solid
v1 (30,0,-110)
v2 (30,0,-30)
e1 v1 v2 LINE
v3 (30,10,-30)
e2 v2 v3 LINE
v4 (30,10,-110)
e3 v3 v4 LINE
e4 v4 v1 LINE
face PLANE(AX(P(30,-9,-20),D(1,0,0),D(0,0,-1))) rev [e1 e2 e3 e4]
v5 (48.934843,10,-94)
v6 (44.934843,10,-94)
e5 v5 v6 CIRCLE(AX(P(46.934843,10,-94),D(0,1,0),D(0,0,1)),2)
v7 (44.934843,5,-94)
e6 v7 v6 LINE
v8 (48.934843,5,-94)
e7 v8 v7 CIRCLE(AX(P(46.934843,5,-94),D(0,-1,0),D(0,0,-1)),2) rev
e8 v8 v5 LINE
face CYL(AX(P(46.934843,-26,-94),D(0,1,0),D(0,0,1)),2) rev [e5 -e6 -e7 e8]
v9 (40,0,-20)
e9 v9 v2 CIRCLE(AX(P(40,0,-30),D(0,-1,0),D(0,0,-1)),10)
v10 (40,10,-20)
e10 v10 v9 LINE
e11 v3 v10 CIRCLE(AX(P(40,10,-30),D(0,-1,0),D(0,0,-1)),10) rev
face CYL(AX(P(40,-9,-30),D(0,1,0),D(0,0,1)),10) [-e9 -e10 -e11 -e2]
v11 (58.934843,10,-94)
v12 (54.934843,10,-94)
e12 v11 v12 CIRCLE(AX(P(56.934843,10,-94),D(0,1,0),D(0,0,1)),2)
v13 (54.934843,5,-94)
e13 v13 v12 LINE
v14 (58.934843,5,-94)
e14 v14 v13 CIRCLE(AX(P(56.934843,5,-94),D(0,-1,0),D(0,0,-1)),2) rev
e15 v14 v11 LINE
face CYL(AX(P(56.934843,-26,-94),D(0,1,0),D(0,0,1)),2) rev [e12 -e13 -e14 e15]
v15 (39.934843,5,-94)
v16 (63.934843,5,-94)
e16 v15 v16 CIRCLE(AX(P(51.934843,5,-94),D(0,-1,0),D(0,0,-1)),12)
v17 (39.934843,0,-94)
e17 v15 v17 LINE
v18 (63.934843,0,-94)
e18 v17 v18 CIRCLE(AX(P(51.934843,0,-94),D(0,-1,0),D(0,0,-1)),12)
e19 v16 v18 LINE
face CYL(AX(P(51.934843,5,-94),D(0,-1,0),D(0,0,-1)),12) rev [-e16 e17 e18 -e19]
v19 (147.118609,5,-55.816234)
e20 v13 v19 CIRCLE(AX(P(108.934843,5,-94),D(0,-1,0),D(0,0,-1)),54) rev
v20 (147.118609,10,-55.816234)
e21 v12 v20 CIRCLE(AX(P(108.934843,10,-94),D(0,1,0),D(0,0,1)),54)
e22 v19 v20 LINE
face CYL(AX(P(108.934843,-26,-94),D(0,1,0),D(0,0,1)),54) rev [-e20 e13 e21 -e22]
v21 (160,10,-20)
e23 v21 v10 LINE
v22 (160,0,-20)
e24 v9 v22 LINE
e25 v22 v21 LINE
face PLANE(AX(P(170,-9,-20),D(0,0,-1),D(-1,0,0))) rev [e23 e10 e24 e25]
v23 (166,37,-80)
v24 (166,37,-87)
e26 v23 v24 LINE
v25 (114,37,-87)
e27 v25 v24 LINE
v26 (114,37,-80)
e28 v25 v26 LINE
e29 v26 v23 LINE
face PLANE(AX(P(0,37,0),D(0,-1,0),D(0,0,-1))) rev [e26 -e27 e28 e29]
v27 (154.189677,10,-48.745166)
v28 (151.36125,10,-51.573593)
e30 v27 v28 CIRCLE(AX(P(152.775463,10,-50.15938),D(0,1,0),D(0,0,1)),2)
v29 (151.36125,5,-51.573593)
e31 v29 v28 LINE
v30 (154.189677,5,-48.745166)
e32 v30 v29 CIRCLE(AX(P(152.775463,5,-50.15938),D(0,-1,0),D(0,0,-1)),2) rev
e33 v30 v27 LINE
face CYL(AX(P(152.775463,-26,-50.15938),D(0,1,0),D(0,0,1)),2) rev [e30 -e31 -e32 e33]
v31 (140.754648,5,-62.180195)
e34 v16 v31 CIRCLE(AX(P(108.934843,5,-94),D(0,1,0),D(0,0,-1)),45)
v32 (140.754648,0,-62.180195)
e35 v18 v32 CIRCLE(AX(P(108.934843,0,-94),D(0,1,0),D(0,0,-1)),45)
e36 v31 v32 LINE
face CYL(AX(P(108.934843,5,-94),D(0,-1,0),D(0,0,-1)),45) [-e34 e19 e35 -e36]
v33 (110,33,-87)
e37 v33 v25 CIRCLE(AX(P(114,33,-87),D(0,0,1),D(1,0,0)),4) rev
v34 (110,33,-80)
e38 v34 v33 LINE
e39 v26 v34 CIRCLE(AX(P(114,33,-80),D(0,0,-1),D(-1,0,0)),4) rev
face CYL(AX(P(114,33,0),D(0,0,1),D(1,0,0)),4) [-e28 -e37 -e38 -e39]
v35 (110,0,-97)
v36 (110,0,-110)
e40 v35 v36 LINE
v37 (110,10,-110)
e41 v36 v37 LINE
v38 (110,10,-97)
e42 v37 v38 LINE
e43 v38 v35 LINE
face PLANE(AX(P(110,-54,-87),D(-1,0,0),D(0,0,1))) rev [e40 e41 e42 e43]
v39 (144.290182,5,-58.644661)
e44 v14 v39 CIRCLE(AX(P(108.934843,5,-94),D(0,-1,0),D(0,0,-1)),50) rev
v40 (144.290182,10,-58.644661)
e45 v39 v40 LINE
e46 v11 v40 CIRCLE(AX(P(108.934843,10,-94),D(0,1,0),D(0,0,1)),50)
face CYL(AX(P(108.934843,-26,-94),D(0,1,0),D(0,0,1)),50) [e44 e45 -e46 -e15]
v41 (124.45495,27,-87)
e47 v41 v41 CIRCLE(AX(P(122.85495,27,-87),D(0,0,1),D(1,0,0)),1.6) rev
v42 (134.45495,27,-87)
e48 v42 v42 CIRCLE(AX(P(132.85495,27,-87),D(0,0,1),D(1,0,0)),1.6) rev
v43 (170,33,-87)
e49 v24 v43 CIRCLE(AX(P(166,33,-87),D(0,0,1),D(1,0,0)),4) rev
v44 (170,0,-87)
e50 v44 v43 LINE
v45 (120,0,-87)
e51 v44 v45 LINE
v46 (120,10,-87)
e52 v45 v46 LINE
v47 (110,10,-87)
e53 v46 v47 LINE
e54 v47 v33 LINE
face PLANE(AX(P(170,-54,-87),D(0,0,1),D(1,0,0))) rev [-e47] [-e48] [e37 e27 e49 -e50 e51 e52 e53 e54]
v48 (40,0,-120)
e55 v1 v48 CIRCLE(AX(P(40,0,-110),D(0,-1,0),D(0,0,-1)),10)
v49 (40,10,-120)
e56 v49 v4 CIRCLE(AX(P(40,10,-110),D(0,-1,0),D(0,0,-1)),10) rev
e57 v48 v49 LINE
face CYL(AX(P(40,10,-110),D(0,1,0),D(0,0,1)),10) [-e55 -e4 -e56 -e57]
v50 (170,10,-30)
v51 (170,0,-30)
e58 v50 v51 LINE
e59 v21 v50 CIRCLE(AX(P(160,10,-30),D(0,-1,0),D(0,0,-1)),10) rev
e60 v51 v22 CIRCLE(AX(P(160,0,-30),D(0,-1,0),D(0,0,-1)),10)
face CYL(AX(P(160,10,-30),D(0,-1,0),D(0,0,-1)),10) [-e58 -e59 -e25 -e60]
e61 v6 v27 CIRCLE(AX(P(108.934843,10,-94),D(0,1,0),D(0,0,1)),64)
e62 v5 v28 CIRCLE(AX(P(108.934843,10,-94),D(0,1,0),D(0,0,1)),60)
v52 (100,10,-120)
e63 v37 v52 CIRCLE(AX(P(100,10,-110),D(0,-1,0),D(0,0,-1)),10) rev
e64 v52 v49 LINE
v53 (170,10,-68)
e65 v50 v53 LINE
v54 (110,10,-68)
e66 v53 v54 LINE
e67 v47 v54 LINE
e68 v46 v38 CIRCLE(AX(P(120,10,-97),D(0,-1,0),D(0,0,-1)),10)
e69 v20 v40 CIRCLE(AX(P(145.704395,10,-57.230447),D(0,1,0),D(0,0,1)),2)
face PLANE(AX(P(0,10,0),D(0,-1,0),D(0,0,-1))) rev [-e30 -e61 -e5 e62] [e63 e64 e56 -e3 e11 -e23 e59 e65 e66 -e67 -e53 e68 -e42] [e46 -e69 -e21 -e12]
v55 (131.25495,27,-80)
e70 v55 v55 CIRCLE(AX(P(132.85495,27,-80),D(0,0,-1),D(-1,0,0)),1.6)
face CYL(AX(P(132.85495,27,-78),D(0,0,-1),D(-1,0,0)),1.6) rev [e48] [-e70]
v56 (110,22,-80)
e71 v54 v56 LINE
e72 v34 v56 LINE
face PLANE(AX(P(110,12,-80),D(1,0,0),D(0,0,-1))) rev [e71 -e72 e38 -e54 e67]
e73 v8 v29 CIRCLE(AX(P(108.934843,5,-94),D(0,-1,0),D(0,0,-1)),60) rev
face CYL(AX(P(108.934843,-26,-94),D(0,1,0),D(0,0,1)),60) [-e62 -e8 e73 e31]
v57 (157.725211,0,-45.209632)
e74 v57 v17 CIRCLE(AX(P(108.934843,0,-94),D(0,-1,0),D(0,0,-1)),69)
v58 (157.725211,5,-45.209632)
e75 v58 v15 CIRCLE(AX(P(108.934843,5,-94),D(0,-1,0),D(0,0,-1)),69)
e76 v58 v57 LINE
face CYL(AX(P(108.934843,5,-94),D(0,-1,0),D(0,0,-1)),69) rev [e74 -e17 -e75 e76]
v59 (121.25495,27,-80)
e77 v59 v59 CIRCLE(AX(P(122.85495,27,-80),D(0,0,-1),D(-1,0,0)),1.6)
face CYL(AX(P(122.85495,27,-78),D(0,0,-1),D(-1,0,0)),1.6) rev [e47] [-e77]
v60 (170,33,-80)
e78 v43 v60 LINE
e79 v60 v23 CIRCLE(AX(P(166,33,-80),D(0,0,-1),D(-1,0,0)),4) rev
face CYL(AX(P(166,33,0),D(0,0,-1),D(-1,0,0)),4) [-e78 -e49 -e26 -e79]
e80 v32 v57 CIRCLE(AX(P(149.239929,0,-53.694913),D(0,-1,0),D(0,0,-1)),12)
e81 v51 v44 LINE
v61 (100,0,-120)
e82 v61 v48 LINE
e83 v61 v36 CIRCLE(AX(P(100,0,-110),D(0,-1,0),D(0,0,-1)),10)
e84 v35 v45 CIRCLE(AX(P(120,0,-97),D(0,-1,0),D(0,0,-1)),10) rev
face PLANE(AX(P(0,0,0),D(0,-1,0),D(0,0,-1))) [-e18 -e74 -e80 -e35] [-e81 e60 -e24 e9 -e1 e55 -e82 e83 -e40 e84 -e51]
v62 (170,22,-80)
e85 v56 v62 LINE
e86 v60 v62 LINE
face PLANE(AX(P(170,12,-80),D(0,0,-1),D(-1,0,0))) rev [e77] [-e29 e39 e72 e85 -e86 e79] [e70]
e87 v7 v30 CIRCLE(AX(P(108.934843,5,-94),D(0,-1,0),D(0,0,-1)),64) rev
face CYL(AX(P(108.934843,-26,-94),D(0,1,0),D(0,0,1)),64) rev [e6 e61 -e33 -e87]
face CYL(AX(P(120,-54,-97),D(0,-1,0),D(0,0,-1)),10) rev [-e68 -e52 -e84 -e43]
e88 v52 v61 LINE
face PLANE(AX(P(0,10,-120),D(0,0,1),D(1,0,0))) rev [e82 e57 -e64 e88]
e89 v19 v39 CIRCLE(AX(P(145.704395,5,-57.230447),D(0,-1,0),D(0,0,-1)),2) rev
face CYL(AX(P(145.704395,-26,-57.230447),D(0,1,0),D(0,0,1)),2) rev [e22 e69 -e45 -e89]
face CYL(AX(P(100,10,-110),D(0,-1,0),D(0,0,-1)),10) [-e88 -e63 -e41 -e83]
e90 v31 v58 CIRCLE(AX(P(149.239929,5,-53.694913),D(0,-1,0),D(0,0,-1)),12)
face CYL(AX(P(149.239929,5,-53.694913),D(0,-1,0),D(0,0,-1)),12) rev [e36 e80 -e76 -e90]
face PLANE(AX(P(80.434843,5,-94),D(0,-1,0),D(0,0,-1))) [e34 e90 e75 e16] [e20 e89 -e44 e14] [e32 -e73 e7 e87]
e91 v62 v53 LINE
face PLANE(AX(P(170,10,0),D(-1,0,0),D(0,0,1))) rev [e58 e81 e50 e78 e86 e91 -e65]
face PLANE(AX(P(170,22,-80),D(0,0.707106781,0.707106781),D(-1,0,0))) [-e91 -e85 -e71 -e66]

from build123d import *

# Parameters (mm, degrees)
SKETCH1_W           = 170
SKETCH1_H           = 120
BOSS_EXTRUDE1_DEPTH = 10
SKETCH2_W           = 60
SKETCH2_H           = 40
BOSS_EXTRUDE2_DEPTH = 2
SKETCH3_W           = 60
SKETCH3_H           = 8
BOSS_EXTRUDE3_DEPTH = 25
SKETCH4_R           = 1.6
CUT_EXTRUDE1_DEPTH  = 10
CUT_EXTRUDE2_DEPTH  = 36
CHAMFER1_SIZE       = 12
FILLET4_R           = 4
CHAMFER2_SIZE       = 3
CUT_EXTRUDE4_DEPTH  = 5
CUT_EXTRUDE5_DEPTH  = 19
FILLET5_R           = 10
CUT_EXTRUDE6_DEPTH  = 91
FILLET6_R           = 10


with BuildPart() as part:
    # Sketch1 → Boss-Extrude1 (new body)
    with BuildSketch(Plane(origin=(0, 0, 0), x_dir=(1, 0, 0), z_dir=(0, 1, 0))):
        with Locations((85, 60)):
            Rectangle(SKETCH1_W, SKETCH1_H)
    extrude(amount=BOSS_EXTRUDE1_DEPTH)

    # Sketch2 → Boss-Extrude2 (add)
    with BuildSketch(Plane(origin=(0, 10, 0), x_dir=(1, 0, 0), z_dir=(0, 1, 0))):
        with Locations((140, 100)):
            Rectangle(SKETCH2_W, SKETCH2_H)
    extrude(amount=BOSS_EXTRUDE2_DEPTH)

    # Sketch3 → Boss-Extrude3 (add)
    with BuildSketch(Plane(origin=(0, 12, 0), x_dir=(1, 0, 0), z_dir=(0, 1, 0))):
        with Locations((140, 84)):
            Rectangle(SKETCH3_W, SKETCH3_H)
    extrude(amount=BOSS_EXTRUDE3_DEPTH)

    # Sketch4 → Cut-Extrude1 (cut)
    with BuildSketch(Plane(origin=(0, 0, -88), x_dir=(-1, 0, 0), z_dir=(0, 0, -1))):
        with Locations((-132.854949503, 27)):
            Circle(SKETCH4_R)
        with Locations((-122.854949503, 27)):
            Circle(SKETCH4_R)
    extrude(amount=-CUT_EXTRUDE1_DEPTH, mode=Mode.SUBTRACT)

    # Sketch5 → Cut-Extrude2 (cut)
    with BuildSketch(Plane(origin=(0, 10, 0), x_dir=(1, 0, 0), z_dir=(0, 1, 0))):
        with BuildLine():
            ThreePointArc((44.934842869, 94), (84.443103198, 34.871709919), (154.189676865, 48.745166004))
            ThreePointArc((154.189676865, 48.745166004), (154.189676865, 51.573593129), (151.361249741, 51.573593129))
            ThreePointArc((151.361249741, 51.573593129), (85.973836928, 38.567228049), (48.934842869, 94))
            ThreePointArc((48.934842869, 94), (46.934842869, 96), (44.934842869, 94))
        make_face()
        with BuildLine():
            ThreePointArc((58.934842869, 94), (89.800671251, 47.806023374), (144.290181929, 58.644660941))
            ThreePointArc((144.290181929, 58.644660941), (147.118609054, 58.644660941), (147.118609054, 55.816233816))
            ThreePointArc((147.118609054, 55.816233816), (88.269937522, 44.110505244), (54.934842869, 94))
            ThreePointArc((54.934842869, 94), (56.934842869, 96), (58.934842869, 94))
        make_face()
    extrude(amount=-CUT_EXTRUDE2_DEPTH, mode=Mode.SUBTRACT)

    # Chamfer1
    chamfer1_edges = [part.edges().sort_by_distance(p)[0] for p in [
        (140, 10, -80),
    ]]
    chamfer(chamfer1_edges, length=CHAMFER1_SIZE)

    # Fillet4
    fillet4_edges = [part.edges().sort_by_distance(p)[0] for p in [
        (170, 37, -84),
        (110, 37, -84),
    ]]
    fillet(fillet4_edges, radius=FILLET4_R)

    # Chamfer2
    chamfer2_edges = [part.edges().sort_by_distance(p)[0] for p in [
        (140, 12, -88),
    ]]
    chamfer(chamfer2_edges, length=CHAMFER2_SIZE)

    # Sketch7 → Cut-Extrude4 (cut)
    with BuildSketch(Plane.XZ):
        with BuildLine():
            ThreePointArc((140.754648023, -62.180194847), (91.714088413, -52.425421037), (63.934842869, -94))
            ThreePointArc((63.934842869, -94), (51.934842869, -106), (39.934842869, -94))
            ThreePointArc((39.934842869, -94), (82.529686036, -30.252312257), (157.725210771, -45.209632098))
            ThreePointArc((157.725210771, -45.209632098), (157.725210771, -62.180194847), (140.754648023, -62.180194847))
        make_face()
    extrude(amount=-CUT_EXTRUDE4_DEPTH, mode=Mode.SUBTRACT)

    # Sketch8 → Cut-Extrude5 (cut)
    with BuildSketch(Plane(origin=(0, 10, 0), x_dir=(1, 0, 0), z_dir=(0, 1, 0))):
        Polygon((0, 0), (30, 0), (170, 0), (170, 20), (30, 20), (30, 120), (0, 120), align=None)
    extrude(amount=-CUT_EXTRUDE5_DEPTH, mode=Mode.SUBTRACT)

    # Fillet5
    fillet5_edges = [part.edges().sort_by_distance(p)[0] for p in [
        (30, 5, -120),
        (170, 5, -20),
        (110, 11, -120),
        (30, 5, -20),
        (170, 6, -120),
    ]]
    fillet(fillet5_edges, radius=FILLET5_R)

    # Sketch9 → Cut-Extrude6 (cut)
    with BuildSketch(Plane(origin=(0, 37, 0), x_dir=(1, 0, 0), z_dir=(0, 1, 0))):
        Polygon((170, 88), (170, 87), (110, 87), (110, 138.435407066), (206.694052757, 135.310318366), align=None)
    extrude(amount=-CUT_EXTRUDE6_DEPTH, mode=Mode.SUBTRACT)

    # Fillet6
    fillet6_edges = [part.edges().sort_by_distance(p)[0] for p in [
        (110, 5, -87),
        (110, 5, -120),
    ]]
    fillet(fillet6_edges, radius=FILLET6_R)


solid = part.part
